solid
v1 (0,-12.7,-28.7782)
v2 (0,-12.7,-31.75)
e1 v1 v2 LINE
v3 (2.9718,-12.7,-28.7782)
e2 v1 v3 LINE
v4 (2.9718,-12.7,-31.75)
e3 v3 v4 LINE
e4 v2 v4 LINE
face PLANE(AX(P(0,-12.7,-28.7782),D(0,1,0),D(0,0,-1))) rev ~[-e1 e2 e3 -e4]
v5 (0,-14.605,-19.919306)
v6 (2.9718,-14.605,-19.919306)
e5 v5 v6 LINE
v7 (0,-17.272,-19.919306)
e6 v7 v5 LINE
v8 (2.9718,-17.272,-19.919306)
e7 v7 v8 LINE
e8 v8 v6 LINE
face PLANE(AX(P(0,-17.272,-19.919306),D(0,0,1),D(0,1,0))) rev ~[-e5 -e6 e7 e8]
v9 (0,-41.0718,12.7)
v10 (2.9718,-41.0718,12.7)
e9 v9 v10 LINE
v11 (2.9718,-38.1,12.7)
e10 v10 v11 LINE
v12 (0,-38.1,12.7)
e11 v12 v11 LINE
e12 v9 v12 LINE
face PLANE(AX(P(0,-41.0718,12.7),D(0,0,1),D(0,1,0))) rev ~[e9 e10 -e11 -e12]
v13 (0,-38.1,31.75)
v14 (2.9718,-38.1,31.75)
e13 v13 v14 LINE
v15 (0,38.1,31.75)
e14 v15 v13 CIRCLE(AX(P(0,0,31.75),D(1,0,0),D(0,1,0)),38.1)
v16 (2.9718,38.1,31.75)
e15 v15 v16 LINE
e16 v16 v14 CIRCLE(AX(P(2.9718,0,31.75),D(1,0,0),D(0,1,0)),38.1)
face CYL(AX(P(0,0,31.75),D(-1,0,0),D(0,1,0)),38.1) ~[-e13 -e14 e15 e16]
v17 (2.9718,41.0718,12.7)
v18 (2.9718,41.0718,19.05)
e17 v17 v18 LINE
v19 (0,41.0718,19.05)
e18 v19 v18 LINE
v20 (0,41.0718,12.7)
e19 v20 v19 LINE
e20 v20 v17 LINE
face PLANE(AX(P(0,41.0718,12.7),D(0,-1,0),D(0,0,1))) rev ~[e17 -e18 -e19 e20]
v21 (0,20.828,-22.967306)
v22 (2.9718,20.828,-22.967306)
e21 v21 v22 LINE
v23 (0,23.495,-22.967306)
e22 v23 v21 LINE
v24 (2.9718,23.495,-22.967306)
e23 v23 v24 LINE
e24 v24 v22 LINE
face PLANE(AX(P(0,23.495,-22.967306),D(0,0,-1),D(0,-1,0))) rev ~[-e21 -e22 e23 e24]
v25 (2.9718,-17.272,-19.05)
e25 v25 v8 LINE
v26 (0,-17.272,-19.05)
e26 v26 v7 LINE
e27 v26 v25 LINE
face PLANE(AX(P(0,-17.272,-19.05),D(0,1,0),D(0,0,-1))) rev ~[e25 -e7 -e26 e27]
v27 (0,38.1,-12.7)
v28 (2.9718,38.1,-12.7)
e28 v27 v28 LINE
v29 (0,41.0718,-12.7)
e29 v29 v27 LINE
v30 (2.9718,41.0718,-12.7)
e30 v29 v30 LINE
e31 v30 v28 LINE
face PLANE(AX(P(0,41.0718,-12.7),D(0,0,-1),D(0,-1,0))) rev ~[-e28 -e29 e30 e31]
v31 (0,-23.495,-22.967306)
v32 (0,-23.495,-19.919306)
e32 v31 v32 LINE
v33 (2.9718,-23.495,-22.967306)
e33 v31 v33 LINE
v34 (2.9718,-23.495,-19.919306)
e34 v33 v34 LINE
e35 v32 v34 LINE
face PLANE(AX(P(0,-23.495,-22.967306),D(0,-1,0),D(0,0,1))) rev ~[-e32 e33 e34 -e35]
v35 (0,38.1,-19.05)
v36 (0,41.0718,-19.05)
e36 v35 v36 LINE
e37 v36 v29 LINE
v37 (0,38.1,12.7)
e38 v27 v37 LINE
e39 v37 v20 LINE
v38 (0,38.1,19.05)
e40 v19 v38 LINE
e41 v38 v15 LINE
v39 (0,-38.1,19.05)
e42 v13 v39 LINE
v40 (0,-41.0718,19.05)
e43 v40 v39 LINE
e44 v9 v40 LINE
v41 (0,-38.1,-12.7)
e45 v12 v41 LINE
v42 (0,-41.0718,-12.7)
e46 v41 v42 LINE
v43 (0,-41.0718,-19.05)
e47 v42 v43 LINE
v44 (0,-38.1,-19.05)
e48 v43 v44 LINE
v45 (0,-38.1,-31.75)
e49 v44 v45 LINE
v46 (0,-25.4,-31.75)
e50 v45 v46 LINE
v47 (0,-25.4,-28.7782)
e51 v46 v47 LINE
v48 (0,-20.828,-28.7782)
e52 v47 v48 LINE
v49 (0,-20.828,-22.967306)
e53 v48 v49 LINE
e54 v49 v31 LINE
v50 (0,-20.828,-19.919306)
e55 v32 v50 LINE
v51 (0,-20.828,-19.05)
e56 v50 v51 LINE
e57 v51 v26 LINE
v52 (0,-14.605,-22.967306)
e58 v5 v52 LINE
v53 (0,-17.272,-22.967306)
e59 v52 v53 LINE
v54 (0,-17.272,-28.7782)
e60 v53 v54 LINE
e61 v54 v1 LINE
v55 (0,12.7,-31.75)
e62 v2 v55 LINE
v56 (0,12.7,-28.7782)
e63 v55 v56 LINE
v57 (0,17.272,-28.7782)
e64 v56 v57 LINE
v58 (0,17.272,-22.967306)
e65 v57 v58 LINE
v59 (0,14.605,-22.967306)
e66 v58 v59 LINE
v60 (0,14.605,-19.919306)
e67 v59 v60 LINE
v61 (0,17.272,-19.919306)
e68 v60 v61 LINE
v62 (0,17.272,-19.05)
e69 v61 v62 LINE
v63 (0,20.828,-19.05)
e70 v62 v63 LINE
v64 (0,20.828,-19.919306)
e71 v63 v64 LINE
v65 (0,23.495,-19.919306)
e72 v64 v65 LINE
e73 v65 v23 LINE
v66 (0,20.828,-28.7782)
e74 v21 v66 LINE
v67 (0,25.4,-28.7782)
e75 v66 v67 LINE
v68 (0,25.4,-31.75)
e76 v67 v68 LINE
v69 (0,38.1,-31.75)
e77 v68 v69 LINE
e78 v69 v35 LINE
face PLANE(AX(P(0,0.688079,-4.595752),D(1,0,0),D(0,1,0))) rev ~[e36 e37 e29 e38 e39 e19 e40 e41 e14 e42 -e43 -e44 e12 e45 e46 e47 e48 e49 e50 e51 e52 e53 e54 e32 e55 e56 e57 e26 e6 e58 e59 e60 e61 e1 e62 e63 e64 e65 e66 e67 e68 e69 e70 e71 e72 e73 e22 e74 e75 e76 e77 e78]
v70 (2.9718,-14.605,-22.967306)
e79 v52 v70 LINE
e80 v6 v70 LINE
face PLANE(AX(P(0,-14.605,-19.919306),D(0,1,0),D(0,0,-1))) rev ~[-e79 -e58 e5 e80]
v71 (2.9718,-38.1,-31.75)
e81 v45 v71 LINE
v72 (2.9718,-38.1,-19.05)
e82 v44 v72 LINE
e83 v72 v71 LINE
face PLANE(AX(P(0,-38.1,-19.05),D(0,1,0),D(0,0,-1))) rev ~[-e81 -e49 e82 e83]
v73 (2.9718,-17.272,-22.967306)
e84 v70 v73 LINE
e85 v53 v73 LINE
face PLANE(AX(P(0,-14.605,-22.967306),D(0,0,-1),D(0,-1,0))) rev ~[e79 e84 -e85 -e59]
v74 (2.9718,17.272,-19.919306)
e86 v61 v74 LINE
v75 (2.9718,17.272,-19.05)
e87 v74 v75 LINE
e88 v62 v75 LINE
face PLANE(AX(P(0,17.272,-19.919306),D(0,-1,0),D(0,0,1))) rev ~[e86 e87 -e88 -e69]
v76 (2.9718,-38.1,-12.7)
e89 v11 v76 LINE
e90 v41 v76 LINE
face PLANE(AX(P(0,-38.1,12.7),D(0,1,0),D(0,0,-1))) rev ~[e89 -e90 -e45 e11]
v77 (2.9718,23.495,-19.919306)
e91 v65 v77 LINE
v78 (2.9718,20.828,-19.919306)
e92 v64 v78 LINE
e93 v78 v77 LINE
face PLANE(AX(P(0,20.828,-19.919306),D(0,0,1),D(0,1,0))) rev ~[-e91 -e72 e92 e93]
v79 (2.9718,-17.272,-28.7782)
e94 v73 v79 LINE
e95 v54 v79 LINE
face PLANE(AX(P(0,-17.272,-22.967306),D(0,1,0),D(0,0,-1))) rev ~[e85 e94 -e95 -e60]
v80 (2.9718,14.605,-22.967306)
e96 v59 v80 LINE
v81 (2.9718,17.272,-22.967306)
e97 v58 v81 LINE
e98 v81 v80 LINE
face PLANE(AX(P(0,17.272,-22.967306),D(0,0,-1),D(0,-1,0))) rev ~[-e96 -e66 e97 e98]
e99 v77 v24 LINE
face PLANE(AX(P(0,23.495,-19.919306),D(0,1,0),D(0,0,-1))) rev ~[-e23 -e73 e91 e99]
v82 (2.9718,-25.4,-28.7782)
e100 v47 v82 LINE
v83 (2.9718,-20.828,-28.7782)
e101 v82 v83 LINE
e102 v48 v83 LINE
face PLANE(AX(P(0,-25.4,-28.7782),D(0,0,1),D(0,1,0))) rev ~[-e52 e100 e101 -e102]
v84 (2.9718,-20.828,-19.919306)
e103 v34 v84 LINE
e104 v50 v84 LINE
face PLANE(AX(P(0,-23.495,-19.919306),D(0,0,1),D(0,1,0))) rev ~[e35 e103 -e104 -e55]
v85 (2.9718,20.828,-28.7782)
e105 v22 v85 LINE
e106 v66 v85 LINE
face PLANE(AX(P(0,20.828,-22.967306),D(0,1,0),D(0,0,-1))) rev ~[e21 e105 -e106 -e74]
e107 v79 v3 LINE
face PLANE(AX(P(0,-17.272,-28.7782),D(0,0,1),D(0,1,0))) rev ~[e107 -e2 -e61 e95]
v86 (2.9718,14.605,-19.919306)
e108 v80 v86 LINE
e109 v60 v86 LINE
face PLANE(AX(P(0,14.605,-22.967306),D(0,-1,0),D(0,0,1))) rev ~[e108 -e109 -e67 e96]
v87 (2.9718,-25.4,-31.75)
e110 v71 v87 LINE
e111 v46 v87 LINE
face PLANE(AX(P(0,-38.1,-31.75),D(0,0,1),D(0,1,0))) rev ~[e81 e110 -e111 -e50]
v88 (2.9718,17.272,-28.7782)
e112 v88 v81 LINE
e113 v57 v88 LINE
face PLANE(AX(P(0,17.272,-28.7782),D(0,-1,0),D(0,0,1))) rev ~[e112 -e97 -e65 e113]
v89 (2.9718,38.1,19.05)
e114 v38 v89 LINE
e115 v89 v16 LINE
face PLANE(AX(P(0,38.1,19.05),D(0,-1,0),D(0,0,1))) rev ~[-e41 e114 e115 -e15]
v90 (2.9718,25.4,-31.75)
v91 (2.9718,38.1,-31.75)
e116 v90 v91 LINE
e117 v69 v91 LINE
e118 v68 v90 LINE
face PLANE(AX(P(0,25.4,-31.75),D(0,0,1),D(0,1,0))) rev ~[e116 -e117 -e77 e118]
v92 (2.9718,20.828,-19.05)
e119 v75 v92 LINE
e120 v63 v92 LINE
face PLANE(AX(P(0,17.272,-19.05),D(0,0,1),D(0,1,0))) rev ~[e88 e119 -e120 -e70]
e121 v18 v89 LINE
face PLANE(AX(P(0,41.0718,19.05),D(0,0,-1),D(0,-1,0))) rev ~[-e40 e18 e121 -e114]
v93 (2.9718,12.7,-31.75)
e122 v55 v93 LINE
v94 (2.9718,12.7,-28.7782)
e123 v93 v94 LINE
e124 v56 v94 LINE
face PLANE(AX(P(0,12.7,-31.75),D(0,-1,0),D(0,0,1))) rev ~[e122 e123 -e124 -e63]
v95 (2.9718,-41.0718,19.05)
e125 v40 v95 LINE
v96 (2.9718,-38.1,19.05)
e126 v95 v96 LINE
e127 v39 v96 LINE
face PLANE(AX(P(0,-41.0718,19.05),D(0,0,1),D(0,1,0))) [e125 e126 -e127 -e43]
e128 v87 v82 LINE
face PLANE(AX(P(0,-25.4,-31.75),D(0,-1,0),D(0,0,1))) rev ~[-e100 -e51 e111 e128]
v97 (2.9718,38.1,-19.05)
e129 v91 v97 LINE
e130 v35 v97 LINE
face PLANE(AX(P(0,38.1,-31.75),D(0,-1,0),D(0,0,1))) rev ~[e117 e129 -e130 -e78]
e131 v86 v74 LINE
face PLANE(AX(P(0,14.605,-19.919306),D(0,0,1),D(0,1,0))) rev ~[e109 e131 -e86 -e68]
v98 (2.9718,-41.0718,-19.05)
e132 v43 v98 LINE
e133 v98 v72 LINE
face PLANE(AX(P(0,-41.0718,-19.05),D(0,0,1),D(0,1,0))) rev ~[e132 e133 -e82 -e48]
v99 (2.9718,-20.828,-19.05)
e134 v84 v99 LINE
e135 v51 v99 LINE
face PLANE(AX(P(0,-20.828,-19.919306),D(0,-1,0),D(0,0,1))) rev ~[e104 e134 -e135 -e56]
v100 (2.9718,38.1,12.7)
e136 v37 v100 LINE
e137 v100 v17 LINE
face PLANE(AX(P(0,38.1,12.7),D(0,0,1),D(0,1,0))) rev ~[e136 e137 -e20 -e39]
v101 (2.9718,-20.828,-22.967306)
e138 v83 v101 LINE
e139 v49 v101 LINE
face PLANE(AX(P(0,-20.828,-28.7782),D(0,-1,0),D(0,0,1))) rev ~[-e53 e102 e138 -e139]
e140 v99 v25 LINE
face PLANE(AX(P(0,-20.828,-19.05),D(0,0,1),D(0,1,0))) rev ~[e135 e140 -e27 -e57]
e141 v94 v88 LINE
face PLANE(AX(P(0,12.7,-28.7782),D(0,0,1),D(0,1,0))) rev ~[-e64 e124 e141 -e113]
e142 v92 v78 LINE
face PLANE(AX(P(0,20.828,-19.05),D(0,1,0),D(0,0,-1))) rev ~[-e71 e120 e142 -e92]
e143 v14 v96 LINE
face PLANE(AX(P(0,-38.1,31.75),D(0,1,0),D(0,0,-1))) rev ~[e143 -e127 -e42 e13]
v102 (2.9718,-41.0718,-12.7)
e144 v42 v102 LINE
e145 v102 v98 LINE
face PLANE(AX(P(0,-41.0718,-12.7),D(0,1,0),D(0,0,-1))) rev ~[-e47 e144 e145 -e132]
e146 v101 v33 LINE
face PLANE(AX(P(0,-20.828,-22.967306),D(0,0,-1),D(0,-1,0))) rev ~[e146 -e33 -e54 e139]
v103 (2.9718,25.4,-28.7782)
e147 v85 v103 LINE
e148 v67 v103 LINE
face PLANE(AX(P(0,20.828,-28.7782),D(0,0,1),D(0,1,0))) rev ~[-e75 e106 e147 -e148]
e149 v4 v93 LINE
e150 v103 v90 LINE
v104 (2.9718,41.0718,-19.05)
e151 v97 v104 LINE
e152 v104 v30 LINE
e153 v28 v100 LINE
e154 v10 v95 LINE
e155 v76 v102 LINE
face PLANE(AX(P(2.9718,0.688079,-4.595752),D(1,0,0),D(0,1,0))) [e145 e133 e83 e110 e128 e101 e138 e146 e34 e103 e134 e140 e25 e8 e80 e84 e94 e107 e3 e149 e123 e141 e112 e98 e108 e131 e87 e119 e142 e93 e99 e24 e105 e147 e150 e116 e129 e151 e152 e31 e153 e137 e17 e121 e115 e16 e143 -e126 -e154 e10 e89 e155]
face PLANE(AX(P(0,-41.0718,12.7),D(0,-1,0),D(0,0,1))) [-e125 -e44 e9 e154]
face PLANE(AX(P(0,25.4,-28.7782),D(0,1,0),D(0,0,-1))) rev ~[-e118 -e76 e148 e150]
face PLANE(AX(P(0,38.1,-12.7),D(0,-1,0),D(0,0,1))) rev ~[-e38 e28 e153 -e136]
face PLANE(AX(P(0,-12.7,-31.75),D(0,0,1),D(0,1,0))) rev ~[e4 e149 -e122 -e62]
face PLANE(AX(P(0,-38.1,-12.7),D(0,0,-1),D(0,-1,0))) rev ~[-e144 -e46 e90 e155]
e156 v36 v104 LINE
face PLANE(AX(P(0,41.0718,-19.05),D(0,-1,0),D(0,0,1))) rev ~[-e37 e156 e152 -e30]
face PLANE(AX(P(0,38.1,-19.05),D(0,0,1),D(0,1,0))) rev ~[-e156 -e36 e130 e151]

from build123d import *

# Parameters (mm, degrees)
F0_W     = 2.9718
F0_H     = 6.35
F1_DEPTH = 2.9718


with BuildPart() as f1:
    # F0 (on Right) → F1 (new body)
    with BuildSketch(Plane.YZ):
        Polygon((38.1, 19.05), (38.1, 31.75), (-38.1, 31.75), (-38.1, 19.05), (-38.1, 12.7), (-38.1, -12.7), (-41.0718, -12.7), (-41.0718, -19.05), (-38.1, -19.05), (-38.1, -31.75), (-25.4, -31.75), (-25.4, -28.7782), (-20.828, -28.7782), (-20.828, -22.967306), (-23.495, -22.967306), (-23.495, -19.919306), (-20.828, -19.919306), (-20.828, -19.05), (-17.272, -19.05), (-17.272, -19.919306), (-14.605, -19.919306), (-14.605, -22.967306), (-17.272, -22.967306), (-17.272, -28.7782), (-12.7, -28.7782), (-12.7, -31.75), (12.7, -31.75), (12.7, -28.7782), (17.272, -28.7782), (17.272, -22.967306), (14.605, -22.967306), (14.605, -19.919306), (17.272, -19.919306), (17.272, -19.05), (20.828, -19.05), (20.828, -19.919306), (23.495, -19.919306), (23.495, -22.967306), (20.828, -22.967306), (20.828, -28.7782), (25.4, -28.7782), (25.4, -31.75), (38.1, -31.75), (38.1, -19.05), (41.0718, -19.05), (41.0718, -12.7), (38.1, -12.7), (38.1, 12.7), (41.0718, 12.7), (41.0718, 19.05), align=None)
        with BuildLine():
            Line((-38.1, 31.75), (38.1, 31.75))
            ThreePointArc((38.1, 31.75), (0, 69.85), (-38.1, 31.75))
        make_face()
        with Locations((-39.5859, 15.875)):
            Rectangle(F0_W, F0_H)
    extrude(amount=F1_DEPTH)


solid = f1.part
